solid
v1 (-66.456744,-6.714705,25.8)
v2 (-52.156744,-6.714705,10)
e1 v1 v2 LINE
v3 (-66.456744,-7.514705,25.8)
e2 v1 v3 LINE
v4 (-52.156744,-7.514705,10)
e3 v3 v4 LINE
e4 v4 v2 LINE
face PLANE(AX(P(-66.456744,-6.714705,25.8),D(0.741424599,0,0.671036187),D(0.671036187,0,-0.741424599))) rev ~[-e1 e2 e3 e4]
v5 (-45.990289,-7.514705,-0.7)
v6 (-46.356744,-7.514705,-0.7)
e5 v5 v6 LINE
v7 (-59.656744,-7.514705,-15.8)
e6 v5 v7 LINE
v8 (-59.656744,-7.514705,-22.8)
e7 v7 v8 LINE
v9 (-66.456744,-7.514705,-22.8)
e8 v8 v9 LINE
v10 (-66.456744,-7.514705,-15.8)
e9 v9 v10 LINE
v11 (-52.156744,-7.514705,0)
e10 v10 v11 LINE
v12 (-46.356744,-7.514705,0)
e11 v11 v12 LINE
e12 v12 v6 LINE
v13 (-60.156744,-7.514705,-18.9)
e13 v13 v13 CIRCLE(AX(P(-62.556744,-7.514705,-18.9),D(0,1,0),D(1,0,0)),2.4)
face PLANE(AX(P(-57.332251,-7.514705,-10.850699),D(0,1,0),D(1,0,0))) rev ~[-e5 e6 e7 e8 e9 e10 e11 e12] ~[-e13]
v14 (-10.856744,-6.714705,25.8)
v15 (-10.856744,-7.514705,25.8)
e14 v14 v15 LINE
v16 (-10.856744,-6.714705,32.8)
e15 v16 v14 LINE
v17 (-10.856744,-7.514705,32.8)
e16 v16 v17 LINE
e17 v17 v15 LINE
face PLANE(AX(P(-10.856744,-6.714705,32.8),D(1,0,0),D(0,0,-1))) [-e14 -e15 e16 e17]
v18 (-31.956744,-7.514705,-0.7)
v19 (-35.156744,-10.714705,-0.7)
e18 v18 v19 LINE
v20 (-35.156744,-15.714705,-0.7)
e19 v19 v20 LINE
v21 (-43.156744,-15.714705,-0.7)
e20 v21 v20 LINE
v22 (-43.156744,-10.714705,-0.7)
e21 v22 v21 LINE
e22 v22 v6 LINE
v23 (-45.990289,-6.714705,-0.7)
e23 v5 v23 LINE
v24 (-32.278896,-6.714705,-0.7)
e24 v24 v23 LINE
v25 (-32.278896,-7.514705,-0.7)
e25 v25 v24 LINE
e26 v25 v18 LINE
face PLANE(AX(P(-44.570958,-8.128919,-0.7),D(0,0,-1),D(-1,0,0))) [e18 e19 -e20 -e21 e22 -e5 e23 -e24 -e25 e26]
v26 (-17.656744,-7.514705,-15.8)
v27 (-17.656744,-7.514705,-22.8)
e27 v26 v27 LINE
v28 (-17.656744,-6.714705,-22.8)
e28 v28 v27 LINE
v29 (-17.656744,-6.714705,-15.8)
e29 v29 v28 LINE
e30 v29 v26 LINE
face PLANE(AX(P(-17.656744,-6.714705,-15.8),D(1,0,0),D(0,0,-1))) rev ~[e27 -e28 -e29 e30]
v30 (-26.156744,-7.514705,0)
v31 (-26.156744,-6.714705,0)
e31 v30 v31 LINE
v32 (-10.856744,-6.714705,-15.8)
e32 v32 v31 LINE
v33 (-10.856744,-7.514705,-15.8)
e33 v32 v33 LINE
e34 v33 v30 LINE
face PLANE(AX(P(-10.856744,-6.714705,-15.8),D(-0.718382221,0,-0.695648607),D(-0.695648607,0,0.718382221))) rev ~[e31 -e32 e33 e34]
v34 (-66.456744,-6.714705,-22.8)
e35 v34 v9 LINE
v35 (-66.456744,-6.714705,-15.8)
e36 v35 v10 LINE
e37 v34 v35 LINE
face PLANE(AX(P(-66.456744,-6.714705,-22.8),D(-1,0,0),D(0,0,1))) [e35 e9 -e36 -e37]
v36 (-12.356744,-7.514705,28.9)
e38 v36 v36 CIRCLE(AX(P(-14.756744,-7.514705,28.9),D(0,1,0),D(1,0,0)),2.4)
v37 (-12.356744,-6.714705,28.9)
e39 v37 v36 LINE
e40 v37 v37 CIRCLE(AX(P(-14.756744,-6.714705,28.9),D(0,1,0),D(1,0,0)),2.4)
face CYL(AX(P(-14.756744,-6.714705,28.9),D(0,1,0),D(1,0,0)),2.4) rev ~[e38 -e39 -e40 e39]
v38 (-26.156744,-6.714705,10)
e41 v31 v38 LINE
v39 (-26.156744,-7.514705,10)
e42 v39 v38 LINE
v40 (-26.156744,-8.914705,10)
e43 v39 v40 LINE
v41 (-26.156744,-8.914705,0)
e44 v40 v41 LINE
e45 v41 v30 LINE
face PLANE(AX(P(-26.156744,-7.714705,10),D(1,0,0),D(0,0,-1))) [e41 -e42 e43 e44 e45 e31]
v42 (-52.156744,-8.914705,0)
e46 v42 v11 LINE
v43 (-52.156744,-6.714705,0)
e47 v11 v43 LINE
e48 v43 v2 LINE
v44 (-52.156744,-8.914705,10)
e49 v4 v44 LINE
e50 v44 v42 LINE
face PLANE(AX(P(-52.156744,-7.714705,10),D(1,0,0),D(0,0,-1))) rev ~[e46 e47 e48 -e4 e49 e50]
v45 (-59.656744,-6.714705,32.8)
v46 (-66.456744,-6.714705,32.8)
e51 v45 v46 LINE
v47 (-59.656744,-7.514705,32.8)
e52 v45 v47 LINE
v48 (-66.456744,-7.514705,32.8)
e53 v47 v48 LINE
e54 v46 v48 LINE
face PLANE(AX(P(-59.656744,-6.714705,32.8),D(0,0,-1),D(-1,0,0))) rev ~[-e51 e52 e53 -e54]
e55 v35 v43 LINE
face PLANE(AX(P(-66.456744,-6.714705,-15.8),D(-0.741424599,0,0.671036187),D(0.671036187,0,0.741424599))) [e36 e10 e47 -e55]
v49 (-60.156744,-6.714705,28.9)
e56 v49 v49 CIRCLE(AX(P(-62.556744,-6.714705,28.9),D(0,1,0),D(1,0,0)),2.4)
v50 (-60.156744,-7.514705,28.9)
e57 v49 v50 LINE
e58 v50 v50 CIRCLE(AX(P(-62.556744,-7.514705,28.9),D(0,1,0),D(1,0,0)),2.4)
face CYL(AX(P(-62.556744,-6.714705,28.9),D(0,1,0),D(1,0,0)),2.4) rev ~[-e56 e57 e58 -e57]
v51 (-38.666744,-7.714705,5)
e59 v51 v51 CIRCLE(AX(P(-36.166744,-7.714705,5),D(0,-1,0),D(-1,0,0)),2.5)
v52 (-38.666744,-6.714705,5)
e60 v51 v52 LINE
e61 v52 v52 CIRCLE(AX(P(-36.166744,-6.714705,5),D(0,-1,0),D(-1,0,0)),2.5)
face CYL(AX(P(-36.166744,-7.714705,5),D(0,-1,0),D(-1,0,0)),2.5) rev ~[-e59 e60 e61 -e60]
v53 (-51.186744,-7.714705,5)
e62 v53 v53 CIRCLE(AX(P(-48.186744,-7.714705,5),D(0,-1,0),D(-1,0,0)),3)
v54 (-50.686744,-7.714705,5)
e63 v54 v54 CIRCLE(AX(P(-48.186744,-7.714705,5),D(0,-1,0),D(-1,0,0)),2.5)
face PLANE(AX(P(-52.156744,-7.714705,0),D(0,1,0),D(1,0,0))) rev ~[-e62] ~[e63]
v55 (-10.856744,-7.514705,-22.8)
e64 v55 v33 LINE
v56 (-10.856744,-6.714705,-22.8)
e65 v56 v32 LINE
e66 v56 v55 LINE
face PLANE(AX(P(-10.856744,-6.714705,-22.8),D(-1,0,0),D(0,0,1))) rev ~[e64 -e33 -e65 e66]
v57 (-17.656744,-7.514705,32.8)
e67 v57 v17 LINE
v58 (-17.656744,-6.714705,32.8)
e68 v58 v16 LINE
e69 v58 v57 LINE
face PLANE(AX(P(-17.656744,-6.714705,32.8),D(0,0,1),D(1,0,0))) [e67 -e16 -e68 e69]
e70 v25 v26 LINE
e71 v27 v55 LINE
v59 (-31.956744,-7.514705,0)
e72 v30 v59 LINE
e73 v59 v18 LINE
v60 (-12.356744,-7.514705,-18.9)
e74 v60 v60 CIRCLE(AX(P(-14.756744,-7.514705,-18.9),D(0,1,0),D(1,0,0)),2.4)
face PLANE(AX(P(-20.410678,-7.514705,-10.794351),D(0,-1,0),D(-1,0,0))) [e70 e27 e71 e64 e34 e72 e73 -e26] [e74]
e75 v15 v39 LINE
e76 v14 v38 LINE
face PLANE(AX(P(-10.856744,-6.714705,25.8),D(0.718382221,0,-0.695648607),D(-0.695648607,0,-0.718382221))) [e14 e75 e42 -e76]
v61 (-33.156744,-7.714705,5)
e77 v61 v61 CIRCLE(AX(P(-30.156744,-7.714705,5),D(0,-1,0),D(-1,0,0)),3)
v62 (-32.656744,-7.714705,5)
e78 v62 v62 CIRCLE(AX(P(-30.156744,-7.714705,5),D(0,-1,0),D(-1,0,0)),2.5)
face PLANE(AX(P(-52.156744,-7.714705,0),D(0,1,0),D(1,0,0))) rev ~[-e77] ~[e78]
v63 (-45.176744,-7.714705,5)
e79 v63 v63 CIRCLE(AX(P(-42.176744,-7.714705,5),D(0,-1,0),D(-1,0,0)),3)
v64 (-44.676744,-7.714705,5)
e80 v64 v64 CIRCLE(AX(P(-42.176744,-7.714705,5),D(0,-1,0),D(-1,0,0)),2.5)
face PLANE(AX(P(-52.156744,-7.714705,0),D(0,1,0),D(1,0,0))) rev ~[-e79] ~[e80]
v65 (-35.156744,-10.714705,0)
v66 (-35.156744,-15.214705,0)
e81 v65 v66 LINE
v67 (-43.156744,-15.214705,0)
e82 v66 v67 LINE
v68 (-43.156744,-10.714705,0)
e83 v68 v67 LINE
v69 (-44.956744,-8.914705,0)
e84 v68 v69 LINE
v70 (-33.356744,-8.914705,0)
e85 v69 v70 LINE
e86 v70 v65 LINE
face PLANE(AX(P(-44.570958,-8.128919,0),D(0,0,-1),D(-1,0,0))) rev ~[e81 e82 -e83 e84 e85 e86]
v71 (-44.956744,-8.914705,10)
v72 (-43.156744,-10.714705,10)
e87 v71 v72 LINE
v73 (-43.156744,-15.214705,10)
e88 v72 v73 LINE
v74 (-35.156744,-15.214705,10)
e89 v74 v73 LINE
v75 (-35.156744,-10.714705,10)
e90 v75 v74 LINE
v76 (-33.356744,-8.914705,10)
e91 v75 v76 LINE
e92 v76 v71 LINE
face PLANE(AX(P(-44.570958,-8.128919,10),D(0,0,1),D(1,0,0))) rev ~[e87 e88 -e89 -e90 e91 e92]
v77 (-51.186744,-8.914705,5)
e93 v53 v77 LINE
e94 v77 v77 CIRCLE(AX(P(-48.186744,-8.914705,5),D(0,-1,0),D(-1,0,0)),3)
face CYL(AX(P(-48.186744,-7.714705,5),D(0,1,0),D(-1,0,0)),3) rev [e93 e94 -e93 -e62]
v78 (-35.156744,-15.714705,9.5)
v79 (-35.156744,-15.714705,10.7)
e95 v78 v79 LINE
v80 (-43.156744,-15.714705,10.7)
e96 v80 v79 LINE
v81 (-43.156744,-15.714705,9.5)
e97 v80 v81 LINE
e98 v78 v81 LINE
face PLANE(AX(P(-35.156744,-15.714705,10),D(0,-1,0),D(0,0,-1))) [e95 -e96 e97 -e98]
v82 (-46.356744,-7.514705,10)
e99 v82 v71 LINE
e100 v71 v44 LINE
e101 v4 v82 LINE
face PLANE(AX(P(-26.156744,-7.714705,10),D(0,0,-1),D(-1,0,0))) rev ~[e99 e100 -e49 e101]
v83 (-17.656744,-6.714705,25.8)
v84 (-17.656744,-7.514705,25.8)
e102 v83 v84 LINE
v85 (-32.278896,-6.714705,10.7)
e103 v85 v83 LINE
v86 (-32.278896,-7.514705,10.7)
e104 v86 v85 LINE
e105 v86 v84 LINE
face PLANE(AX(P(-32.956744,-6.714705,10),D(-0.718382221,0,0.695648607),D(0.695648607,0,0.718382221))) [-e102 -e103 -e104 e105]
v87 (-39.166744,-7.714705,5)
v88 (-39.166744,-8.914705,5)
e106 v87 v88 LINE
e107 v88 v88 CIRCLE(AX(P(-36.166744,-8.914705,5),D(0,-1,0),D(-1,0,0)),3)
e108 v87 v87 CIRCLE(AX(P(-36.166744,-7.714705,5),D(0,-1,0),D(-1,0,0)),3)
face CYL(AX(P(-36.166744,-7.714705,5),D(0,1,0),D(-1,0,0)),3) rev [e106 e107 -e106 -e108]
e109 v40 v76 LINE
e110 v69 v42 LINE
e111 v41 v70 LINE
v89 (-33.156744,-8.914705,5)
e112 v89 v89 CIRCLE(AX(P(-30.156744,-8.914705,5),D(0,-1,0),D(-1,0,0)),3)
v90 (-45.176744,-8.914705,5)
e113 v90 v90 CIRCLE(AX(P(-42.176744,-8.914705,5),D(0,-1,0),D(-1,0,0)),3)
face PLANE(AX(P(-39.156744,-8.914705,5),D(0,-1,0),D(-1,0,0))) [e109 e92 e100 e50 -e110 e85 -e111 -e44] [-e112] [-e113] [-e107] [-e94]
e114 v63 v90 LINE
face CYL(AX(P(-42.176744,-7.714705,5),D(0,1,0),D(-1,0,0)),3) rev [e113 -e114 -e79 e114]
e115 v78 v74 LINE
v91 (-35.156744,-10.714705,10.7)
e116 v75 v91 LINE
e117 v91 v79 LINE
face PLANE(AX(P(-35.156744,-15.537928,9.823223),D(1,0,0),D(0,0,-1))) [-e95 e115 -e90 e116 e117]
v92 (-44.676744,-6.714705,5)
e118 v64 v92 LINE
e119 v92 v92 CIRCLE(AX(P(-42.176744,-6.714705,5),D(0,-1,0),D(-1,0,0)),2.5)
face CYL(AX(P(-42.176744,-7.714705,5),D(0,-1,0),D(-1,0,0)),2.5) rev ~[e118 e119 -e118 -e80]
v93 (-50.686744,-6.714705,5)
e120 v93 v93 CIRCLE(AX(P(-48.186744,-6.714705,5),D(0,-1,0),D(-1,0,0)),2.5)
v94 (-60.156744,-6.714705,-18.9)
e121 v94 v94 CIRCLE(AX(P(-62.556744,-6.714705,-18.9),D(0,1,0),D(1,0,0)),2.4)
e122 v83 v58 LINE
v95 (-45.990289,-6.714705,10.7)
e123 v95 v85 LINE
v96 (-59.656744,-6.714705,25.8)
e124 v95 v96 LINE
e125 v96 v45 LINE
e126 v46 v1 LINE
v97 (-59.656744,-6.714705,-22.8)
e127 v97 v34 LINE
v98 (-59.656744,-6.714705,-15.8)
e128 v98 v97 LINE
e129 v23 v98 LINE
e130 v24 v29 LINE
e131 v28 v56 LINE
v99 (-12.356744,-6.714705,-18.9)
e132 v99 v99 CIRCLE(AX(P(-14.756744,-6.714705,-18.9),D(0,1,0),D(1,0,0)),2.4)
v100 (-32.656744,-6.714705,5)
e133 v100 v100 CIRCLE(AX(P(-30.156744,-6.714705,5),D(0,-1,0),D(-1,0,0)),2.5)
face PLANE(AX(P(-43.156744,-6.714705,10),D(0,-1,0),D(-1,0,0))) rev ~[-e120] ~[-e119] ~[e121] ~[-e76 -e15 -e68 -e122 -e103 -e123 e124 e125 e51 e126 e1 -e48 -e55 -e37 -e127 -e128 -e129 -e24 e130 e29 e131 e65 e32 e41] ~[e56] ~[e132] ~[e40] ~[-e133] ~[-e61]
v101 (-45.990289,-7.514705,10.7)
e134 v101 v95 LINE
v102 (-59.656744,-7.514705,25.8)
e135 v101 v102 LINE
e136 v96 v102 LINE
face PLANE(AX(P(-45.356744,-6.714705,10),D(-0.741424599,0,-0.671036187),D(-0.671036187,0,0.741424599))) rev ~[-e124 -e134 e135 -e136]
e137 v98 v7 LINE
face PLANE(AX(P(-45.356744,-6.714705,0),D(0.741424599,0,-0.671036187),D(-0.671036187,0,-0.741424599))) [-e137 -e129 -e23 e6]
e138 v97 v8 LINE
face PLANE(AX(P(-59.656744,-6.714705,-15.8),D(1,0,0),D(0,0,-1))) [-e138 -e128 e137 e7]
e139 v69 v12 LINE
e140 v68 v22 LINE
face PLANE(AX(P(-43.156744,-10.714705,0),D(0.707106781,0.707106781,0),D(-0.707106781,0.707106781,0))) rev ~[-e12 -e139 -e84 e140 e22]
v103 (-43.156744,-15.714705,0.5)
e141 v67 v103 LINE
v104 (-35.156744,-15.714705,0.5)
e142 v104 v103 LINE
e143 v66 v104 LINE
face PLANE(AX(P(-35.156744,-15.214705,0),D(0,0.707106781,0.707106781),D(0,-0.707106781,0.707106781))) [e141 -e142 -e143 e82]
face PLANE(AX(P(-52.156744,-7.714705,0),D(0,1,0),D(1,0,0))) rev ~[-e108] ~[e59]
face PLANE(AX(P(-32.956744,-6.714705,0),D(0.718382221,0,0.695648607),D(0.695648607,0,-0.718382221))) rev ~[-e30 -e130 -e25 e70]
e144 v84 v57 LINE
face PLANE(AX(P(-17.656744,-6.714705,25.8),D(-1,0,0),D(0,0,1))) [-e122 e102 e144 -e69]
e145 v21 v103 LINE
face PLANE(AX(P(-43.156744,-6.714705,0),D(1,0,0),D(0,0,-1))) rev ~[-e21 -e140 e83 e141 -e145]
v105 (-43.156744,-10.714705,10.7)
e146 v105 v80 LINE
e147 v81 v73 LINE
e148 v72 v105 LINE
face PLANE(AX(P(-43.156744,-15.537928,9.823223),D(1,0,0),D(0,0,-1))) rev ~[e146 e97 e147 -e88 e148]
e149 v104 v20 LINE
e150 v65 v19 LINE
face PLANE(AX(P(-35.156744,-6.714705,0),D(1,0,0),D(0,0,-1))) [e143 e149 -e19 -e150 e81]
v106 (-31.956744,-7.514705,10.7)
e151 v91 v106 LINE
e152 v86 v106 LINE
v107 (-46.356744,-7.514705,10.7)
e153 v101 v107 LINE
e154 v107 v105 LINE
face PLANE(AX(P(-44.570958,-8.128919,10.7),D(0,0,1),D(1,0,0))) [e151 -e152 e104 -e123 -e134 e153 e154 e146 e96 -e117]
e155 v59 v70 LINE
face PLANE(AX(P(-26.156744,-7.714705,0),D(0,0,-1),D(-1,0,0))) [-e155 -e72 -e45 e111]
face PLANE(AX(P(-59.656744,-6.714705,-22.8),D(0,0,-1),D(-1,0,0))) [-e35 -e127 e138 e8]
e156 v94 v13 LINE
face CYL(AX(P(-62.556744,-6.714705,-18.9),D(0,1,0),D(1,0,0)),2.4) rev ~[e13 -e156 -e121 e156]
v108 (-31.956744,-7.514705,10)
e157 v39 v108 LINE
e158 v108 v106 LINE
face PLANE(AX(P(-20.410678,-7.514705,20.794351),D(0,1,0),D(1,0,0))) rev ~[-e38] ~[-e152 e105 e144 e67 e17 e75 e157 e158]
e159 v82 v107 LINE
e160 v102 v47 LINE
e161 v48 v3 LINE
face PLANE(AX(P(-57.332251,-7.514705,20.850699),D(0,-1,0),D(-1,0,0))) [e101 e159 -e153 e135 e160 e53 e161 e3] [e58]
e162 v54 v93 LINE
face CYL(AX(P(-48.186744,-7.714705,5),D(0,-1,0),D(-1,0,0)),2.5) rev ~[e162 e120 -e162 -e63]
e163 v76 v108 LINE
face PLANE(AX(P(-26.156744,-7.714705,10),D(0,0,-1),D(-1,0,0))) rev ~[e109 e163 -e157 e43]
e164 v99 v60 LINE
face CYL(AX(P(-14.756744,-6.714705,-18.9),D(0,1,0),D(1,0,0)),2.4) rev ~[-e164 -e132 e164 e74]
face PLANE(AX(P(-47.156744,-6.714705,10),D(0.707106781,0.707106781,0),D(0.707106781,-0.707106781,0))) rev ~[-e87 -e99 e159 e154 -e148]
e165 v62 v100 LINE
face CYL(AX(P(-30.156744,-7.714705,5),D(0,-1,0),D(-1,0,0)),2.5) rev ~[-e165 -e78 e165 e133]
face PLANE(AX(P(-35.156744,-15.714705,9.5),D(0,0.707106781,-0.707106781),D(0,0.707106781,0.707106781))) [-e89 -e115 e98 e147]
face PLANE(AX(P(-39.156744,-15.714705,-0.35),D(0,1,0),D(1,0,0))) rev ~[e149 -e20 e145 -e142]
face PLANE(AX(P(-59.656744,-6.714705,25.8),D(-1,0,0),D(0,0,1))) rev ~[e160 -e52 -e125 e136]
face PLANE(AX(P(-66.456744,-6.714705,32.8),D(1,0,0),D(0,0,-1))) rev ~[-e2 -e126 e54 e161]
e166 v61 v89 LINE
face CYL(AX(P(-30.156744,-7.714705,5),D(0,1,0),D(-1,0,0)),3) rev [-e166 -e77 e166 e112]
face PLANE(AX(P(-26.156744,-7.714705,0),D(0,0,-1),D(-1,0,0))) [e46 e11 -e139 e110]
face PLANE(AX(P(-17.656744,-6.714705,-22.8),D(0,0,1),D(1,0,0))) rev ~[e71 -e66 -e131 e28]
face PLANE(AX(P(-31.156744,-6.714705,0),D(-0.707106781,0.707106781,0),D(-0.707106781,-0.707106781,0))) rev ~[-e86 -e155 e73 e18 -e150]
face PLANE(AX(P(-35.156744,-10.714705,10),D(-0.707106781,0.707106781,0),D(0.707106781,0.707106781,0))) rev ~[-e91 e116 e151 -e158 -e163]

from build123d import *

# Parameters (mm, degrees)
SKICA1_W                 = 26
SKICA1_H                 = 1
P_IDAT_VYSUNUT_M1_DEPTH  = 10
SKICA2_R                 = 2.5
ODEBRAT_VYSUNUT_M1_DEPTH = 1
SKICA3_R                 = 2.4
P_IDAT_VYSUNUT_M2_DEPTH  = 0.8
SKICA4_W                 = 26
SKICA4_H                 = 10
SKICA4_R                 = 3
P_IDAT_VYSUNUT_M3_DEPTH  = 1.2
SKICA6_W                 = 8
SKICA6_H                 = 0.7
P_IDAT_VYSUNUT_M5_DEPTH  = 9
P_IDAT_VYSUNUT_M6_DEPTH  = 8
P_IDAT_VYSUNUT_M8_DEPTH  = 0.7
P_IDAT_VYSUNUT_M9_DEPTH  = 0.7


with BuildPart() as part:
    # Skica1 → Přidat vysunutím1 (new body)
    with BuildSketch(Plane.XY):
        with Locations((-39.156744291, -7.214704976)):
            Rectangle(SKICA1_W, SKICA1_H)
    extrude(amount=P_IDAT_VYSUNUT_M1_DEPTH)

    # Skica2 → Odebrat vysunutím1 (cut)
    with BuildSketch(Plane(origin=(0, -7.714704976, 0), x_dir=(-1, 0, 0), z_dir=(0, -1, 0))):
        with Locations((48.186744291, -5)):
            Circle(SKICA2_R)
        with Locations((42.176744291, -5)):
            Circle(SKICA2_R)
        with Locations((36.166744291, -5)):
            Circle(SKICA2_R)
        with Locations((30.156744291, -5)):
            Circle(SKICA2_R)
    extrude(amount=-ODEBRAT_VYSUNUT_M1_DEPTH, mode=Mode.SUBTRACT)

    # Skica3 → Přidat vysunutím2 (add)
    with BuildSketch(Plane(origin=(0, -6.714704976, 0), x_dir=(1, 0, 0), z_dir=(0, 1, 0))):
        Polygon((-32.956744291, 0), (-17.656744291, 15.8), (-17.656744291, 22.8), (-10.856744291, 22.8), (-10.856744291, 15.8), (-26.156744291, 0), align=None)
        with Locations((-14.756744291, 18.9)):
            Circle(SKICA3_R, mode=Mode.SUBTRACT)
        Polygon((-52.156744291, 0), (-45.356744291, 0), (-59.656744291, 15.8), (-59.656744291, 22.8), (-66.456744291, 22.8), (-66.456744291, 15.8), align=None)
        with Locations((-62.556744291, 18.9)):
            Circle(SKICA3_R, mode=Mode.SUBTRACT)
        Polygon((-45.356744291, -10), (-59.656744291, -25.8), (-59.656744291, -32.8), (-66.456744291, -32.8), (-66.456744291, -25.8), (-52.156744291, -10), align=None)
        with Locations((-62.556744291, -28.9)):
            Circle(SKICA3_R, mode=Mode.SUBTRACT)
        Polygon((-26.156744291, -10), (-32.956744291, -10), (-17.656744291, -25.8), (-17.656744291, -32.8), (-10.856744291, -32.8), (-10.856744291, -25.8), align=None)
        with Locations((-14.756744291, -28.9)):
            Circle(SKICA3_R, mode=Mode.SUBTRACT)
    extrude(amount=-P_IDAT_VYSUNUT_M2_DEPTH)

    # Skica4 → Přidat vysunutím3 (add)
    with BuildSketch(Plane(origin=(0, -7.714704976, 0), x_dir=(-1, 0, 0), z_dir=(0, -1, 0))):
        with Locations((39.156744291, -5)):
            Rectangle(SKICA4_W, SKICA4_H)
        with Locations((48.186744291, -5)):
            Circle(SKICA4_R, mode=Mode.SUBTRACT)
        with Locations((42.176744291, -5)):
            Circle(SKICA4_R, mode=Mode.SUBTRACT)
        with Locations((36.166744291, -5)):
            Circle(SKICA4_R, mode=Mode.SUBTRACT)
        with Locations((30.156744291, -5)):
            Circle(SKICA4_R, mode=Mode.SUBTRACT)
    extrude(amount=P_IDAT_VYSUNUT_M3_DEPTH)

    # Skica6 → Přidat vysunutím5 (add)
    with BuildSketch(Plane(origin=(0, -6.714704976, 0), x_dir=(1, 0, 0), z_dir=(0, 1, 0))):
        with Locations((-39.156744291, 0.35)):
            Rectangle(SKICA6_W, SKICA6_H)
        with Locations((-39.156744291, -10.35)):
            Rectangle(SKICA6_W, SKICA6_H)
    extrude(amount=-P_IDAT_VYSUNUT_M5_DEPTH)

    # Skica7 → Přidat vysunutím6 (add)
    with BuildSketch(Plane(origin=(-35.156744291, 0, 0), x_dir=(0, 0, -1), z_dir=(1, 0, 0))):
        Polygon((-10, -15.714704976), (-9.5, -15.714704976), (-10, -15.214704976), align=None)
        Polygon((0, -15.714704976), (0, -15.214704976), (-0.5, -15.714704976), align=None)
    extrude(amount=-P_IDAT_VYSUNUT_M6_DEPTH)

    # Skica8 → Přidat vysunutím8 (add)
    with BuildSketch(Plane(origin=(0, 0, 0), x_dir=(-1, 0, 0), z_dir=(0, 0, -1))):
        Polygon((43.156744291, -6.714704976), (43.156744291, -10.714704976), (47.156744291, -6.714704976), align=None)
        Polygon((35.156744291, -10.714704976), (35.156744291, -6.714704976), (31.156744291, -6.714704976), align=None)
    extrude(amount=P_IDAT_VYSUNUT_M8_DEPTH)

    # Skica9 → Přidat vysunutím9 (add)
    with BuildSketch(Plane.XY.offset(10)):
        Polygon((-43.156744291, -6.714704976), (-47.156744291, -6.714704976), (-43.156744291, -10.714704976), align=None)
        Polygon((-35.156744291, -6.714704976), (-35.156744291, -10.714704976), (-31.156744291, -6.714704976), align=None)
    extrude(amount=P_IDAT_VYSUNUT_M9_DEPTH)


solid = part.part
